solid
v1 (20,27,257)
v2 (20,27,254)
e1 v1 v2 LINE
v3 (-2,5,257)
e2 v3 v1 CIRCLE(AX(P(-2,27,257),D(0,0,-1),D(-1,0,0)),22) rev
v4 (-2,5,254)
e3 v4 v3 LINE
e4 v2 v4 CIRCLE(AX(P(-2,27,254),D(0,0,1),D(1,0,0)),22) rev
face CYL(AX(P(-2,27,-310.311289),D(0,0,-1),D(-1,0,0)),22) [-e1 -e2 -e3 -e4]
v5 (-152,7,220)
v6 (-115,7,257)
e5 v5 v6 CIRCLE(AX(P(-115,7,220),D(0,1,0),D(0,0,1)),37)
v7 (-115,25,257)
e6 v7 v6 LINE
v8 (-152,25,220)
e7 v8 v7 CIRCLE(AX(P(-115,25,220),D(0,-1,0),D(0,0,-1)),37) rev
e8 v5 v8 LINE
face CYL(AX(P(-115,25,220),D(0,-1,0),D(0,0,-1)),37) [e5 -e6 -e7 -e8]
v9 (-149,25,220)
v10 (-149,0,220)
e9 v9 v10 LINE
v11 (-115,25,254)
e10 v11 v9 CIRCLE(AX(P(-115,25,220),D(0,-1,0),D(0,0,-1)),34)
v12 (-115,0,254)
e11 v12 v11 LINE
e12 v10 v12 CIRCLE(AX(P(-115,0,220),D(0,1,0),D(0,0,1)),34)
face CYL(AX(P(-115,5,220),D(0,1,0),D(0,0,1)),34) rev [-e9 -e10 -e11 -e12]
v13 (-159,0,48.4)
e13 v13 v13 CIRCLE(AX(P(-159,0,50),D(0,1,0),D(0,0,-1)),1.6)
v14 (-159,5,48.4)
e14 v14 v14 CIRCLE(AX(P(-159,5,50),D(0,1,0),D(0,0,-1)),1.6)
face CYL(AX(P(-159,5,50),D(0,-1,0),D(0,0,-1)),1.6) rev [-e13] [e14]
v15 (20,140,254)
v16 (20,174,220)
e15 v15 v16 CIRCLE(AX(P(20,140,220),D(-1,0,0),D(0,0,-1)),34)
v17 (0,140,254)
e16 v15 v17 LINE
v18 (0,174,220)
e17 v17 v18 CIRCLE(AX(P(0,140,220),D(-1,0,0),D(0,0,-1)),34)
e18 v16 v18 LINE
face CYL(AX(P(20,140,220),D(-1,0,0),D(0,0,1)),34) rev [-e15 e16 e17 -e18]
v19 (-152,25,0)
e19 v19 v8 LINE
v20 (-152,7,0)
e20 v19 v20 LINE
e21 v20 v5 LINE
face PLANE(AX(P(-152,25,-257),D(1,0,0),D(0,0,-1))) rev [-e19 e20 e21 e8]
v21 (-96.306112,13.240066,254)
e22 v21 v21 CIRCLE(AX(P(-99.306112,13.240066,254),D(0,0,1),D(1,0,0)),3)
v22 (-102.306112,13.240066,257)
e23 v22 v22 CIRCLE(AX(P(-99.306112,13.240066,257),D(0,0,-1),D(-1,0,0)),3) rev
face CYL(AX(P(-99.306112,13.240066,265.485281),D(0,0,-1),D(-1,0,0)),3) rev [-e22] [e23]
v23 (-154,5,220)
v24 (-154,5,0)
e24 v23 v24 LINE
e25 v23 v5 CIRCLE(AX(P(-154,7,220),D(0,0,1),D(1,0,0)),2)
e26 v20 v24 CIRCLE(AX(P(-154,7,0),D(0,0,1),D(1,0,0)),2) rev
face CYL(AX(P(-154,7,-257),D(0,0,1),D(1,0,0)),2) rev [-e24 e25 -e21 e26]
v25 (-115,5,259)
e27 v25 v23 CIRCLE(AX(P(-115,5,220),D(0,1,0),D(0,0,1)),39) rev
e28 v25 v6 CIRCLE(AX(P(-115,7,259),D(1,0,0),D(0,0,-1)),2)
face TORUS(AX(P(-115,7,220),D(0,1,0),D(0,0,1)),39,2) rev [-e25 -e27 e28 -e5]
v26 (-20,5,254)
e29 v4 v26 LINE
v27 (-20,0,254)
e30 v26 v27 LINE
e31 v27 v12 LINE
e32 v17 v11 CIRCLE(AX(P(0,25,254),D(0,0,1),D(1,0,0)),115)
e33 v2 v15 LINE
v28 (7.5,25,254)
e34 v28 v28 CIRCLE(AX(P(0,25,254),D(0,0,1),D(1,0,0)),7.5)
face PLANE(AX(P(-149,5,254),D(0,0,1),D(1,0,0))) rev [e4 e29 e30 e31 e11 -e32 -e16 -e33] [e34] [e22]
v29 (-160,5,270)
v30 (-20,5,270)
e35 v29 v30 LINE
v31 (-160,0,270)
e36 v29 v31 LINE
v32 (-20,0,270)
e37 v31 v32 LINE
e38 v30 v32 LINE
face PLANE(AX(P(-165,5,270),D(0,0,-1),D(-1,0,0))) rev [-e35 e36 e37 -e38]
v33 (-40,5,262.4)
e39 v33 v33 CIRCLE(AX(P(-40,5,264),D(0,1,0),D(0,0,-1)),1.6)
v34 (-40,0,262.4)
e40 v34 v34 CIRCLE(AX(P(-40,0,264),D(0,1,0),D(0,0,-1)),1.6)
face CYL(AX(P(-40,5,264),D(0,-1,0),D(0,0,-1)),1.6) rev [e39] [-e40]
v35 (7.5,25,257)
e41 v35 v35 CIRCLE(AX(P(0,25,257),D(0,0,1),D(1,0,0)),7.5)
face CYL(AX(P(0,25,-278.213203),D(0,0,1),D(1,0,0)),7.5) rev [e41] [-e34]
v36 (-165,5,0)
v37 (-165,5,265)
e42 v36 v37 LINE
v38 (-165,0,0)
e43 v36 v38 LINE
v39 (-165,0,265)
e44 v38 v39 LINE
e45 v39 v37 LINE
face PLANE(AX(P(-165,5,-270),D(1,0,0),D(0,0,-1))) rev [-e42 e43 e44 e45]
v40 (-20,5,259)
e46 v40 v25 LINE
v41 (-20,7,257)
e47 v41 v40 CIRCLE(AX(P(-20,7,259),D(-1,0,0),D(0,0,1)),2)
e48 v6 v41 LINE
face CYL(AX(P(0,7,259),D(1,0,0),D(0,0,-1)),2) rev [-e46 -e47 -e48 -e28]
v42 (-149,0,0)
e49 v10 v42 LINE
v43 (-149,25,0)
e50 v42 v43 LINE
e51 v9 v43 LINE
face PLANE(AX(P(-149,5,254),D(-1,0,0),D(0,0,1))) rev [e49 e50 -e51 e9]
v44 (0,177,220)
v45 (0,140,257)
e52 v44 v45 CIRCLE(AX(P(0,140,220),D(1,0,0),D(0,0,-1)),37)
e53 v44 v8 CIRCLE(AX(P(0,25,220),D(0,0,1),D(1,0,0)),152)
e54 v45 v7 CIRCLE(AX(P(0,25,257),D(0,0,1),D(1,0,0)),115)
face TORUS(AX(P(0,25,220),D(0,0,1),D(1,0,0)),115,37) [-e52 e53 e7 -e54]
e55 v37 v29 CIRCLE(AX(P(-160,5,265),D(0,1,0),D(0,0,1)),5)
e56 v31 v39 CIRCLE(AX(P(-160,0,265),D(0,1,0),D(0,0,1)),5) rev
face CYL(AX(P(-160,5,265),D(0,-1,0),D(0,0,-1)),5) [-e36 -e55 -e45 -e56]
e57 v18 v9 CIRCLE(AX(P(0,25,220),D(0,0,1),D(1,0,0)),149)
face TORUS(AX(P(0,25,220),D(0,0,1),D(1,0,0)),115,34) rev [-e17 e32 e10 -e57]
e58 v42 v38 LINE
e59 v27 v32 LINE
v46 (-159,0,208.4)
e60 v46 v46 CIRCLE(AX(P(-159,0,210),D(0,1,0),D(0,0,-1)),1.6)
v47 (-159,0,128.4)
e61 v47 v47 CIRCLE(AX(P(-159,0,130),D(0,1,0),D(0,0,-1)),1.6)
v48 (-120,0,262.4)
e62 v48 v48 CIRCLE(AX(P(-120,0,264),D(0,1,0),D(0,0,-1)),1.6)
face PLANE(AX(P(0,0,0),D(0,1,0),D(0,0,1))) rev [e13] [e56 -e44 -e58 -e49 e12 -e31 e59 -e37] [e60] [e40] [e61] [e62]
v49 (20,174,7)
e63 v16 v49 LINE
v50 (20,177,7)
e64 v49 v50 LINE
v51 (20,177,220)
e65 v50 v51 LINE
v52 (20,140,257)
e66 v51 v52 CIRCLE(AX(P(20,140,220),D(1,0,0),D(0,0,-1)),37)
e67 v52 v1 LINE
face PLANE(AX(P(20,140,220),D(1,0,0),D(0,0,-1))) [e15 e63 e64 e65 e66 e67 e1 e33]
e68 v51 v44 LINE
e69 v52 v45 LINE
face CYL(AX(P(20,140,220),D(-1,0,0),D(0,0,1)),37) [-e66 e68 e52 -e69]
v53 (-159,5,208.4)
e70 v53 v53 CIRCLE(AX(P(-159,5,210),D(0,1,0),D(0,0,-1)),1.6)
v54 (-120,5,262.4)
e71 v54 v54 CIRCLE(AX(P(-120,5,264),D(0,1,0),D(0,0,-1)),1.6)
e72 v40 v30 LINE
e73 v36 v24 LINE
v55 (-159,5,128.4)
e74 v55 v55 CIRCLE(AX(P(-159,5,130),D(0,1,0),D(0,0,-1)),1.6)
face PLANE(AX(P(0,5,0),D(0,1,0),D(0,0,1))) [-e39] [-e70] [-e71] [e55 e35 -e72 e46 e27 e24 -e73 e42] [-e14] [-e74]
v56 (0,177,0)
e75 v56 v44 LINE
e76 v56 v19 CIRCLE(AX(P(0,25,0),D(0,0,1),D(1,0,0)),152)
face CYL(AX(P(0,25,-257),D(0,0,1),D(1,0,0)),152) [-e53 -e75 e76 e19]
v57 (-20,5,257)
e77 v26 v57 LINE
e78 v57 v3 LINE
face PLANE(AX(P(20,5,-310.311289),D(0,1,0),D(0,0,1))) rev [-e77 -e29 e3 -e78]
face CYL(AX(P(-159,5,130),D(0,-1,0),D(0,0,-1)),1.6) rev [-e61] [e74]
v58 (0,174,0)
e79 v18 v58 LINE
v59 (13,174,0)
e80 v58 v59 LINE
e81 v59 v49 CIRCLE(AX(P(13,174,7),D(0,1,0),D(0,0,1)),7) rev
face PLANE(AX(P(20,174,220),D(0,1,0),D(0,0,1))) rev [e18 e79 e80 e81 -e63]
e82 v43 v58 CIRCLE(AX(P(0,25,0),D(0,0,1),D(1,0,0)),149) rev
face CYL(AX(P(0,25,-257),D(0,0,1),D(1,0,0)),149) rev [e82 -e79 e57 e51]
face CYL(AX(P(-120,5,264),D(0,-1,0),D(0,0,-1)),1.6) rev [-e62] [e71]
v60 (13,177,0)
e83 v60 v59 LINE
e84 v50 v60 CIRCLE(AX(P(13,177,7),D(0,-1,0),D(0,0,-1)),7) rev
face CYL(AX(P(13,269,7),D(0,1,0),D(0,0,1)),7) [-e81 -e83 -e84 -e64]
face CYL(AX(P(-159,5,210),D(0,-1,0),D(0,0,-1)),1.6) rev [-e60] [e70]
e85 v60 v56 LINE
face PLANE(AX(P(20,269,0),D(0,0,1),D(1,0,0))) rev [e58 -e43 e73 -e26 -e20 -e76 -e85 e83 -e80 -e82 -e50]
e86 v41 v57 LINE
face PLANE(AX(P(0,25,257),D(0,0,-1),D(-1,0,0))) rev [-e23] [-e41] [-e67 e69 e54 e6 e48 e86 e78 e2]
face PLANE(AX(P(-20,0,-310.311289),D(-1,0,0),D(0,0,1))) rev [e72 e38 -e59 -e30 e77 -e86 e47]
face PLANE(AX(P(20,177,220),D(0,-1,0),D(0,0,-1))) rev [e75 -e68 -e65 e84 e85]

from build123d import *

# Parameters (mm, degrees)
SKETCH1_R           = 1.6
BOSS_EXTRUDE1_DEPTH = 5
BOSS_EXTRUDE5_DEPTH = 20
FILLET8_R           = 34
FILLET9_R           = 37
REVOLVE4_ANGLE      = 90
BOSS_EXTRUDE6_DEPTH = 20
CUT_EXTRUDE3_REACH  = 593.738
SKETCH16_W          = 40
SKETCH16_H          = 5
FILLET10_R          = 22
CUT_EXTRUDE4_REACH  = 581.899
SKETCH17_R          = 7.5
FILLET11_R          = 5
FILLET12_R          = 2
CUT_EXTRUDE5_REACH  = 581.899
SKETCH18_R          = 3
SKETCH19_W          = 201.306473633
SKETCH19_H          = 285.537776223
CUT_EXTRUDE6_DEPTH  = 269
FILLET13_R          = 7


with BuildPart() as part:
    # Sketch1 → Boss-Extrude1 (new body)
    with BuildSketch(Plane(origin=(0, 0, 0), x_dir=(1, 0, 0), z_dir=(0, 1, 0))):
        Polygon((-165, 270), (-165, -270), (0, -270), (0, -254), (-149, -254), (-149, 254), (0, 254), (0, 270), align=None)
        with Locations(Location((-159, 130, 0), (0, 0, 270))):
            Circle(SKETCH1_R, mode=Mode.SUBTRACT)
        with Locations(Location((-159, 50, 0), (0, 0, 270))):
            Circle(SKETCH1_R, mode=Mode.SUBTRACT)
        with Locations(Location((-120, 264, 0), (0, 0, 270))):
            Circle(SKETCH1_R, mode=Mode.SUBTRACT)
        with Locations(Location((-40, 264, 0), (0, 0, 270))):
            Circle(SKETCH1_R, mode=Mode.SUBTRACT)
        with Locations(Location((-159, 210, 0), (0, 0, 270))):
            Circle(SKETCH1_R, mode=Mode.SUBTRACT)
        with Locations(Location((-40, -264, 0), (0, 0, 90))):
            Circle(SKETCH1_R, mode=Mode.SUBTRACT)
        with Locations(Location((-120, -264, 0), (0, 0, 90))):
            Circle(SKETCH1_R, mode=Mode.SUBTRACT)
        with Locations(Location((-159, -210, 0), (0, 0, 90))):
            Circle(SKETCH1_R, mode=Mode.SUBTRACT)
        with Locations(Location((-159, -50, 0), (0, 0, 90))):
            Circle(SKETCH1_R, mode=Mode.SUBTRACT)
        with Locations(Location((-159, -130, 0), (0, 0, 90))):
            Circle(SKETCH1_R, mode=Mode.SUBTRACT)
    extrude(amount=BOSS_EXTRUDE1_DEPTH)

    # Sketch12 → Boss-Extrude5 (add)
    with BuildSketch(Plane(origin=(0, 5, 0), x_dir=(1, 0, 0), z_dir=(0, 1, 0))):
        Polygon((0, 254), (-149, 254), (-149, -254), (0, -254), (0, -257), (-152, -257), (-152, 257), (0, 257), align=None)
    extrude(amount=BOSS_EXTRUDE5_DEPTH)

    # Fillet8
    fillet8_edges = [part.edges().sort_by_distance(p)[0] for p in [
        (-149, 12.5, -254),
        (-149, 12.5, 254),
    ]]
    fillet(fillet8_edges, radius=FILLET8_R)

    # Fillet9
    fillet9_edges = [part.edges().sort_by_distance(p)[0] for p in [
        (-152, 15, -257),
        (-152, 15, 257),
    ]]
    fillet(fillet9_edges, radius=FILLET9_R)

    # Sketch13 → Revolve4 (revolve)
    with BuildSketch(Plane(origin=(0, 25, 0), x_dir=(1, 0, 0), z_dir=(0, 1, 0))):
        with BuildLine():
            Line((0, 254), (-115, 254))
            ThreePointArc((-115, 254), (-139.04163056, 244.04163056), (-149, 220))
            Line((-149, 220), (-149, -220))
            ThreePointArc((-149, -220), (-139.04163056, -244.04163056), (-115, -254))
            Line((-115, -254), (0, -254))
            Line((0, -254), (0, -257))
            Line((0, -257), (-115, -257))
            ThreePointArc((-115, -257), (-141.162950904, -246.162950904), (-152, -220))
            Line((-152, -220), (-152, 220))
            ThreePointArc((-152, 220), (-141.162950904, 246.162950904), (-115, 257))
            Line((-115, 257), (0, 257))
            Line((0, 257), (0, 254))
        make_face()
    revolve(axis=Axis((0, 25, -257), (0, 0, -1)), revolution_arc=REVOLVE4_ANGLE)

    # Sketch15 → Boss-Extrude6 (add)
    with BuildSketch(Plane(origin=(0, 0, 0), x_dir=(0, 0, -1), z_dir=(1, 0, 0))):
        with BuildLine():
            Line((-254, 5), (-254, 140))
            ThreePointArc((-254, 140), (-244.04163056, 164.04163056), (-220, 174))
            Line((-220, 174), (220, 174))
            ThreePointArc((220, 174), (244.04163056, 164.04163056), (254, 140))
            Line((254, 140), (254, 5))
            Line((254, 5), (254, 0))
            Line((254, 0), (270, 0))
            Line((270, 0), (270, 5))
            Line((270, 5), (257, 5))
            Line((257, 5), (257, 140))
            ThreePointArc((257, 140), (246.162950904, 166.162950904), (220, 177))
            Line((220, 177), (-220, 177))
            ThreePointArc((-220, 177), (-246.162950904, 166.162950904), (-257, 140))
            Line((-257, 140), (-257, 5))
            Line((-257, 5), (-270, 5))
            Line((-270, 5), (-270, 0))
            Line((-270, 0), (-254, 0))
            Line((-254, 0), (-254, 5))
        make_face()
    extrude(amount=BOSS_EXTRUDE6_DEPTH)

    # Cut-Extrude3: up to this face of the body (flat: up to its plane)
    cut_extrude3_end = Plane(part.part.faces().sort_by_distance((-72.5, 2.5, -270))[0])
    # Sketch16 → Cut-Extrude3 (cut, up to the picked face)
    with BuildSketch(Plane.XY.offset(270), mode=Mode.PRIVATE) as cut_extrude3_sk1:
        with Locations((0, 2.5)):
            Rectangle(SKETCH16_W, SKETCH16_H)
    cut_extrude3_tool1 = split(extrude(cut_extrude3_sk1.sketch, amount=-CUT_EXTRUDE3_REACH, mode=Mode.PRIVATE), bisect_by=cut_extrude3_end, keep=Keep.BOTH, mode=Mode.PRIVATE)
    add(cut_extrude3_tool1.solids().sort_by(Axis((0, 2.5, 270), (0, 0, -1)))[0], mode=Mode.SUBTRACT)

    # Fillet10
    fillet10_edges = [part.edges().sort_by_distance(p)[0] for p in [
        (20, 5, 255.5),
        (20, 5, -255.5),
    ]]
    fillet(fillet10_edges, radius=FILLET10_R)

    # Cut-Extrude4: up to this face of the body (flat: up to its plane)
    cut_extrude4_end = Plane(part.part.faces().sort_by_distance((-40.16059182, 65.16059182, -257))[0])
    # Sketch17 → Cut-Extrude4 (cut, up to the picked face)
    with BuildSketch(Plane.XY.offset(257), mode=Mode.PRIVATE) as cut_extrude4_sk1:
        with Locations((0, 25)):
            Circle(SKETCH17_R)
    cut_extrude4_tool1 = split(extrude(cut_extrude4_sk1.sketch, amount=-CUT_EXTRUDE4_REACH, mode=Mode.PRIVATE), bisect_by=cut_extrude4_end, keep=Keep.BOTH, mode=Mode.PRIVATE)
    add(cut_extrude4_tool1.solids().sort_by(Axis((0, 25, 257), (0, 0, -1)))[0], mode=Mode.SUBTRACT)

    # Fillet11
    fillet11_edges = [part.edges().sort_by_distance(p)[0] for p in [
        (-165, 2.5, 270),
        (-165, 2.5, -270),
    ]]
    fillet(fillet11_edges, radius=FILLET11_R)

    # Fillet12
    fillet12_edges = [part.edges().sort_by_distance(p)[0] for p in [
        (-152, 5, 0),
        (-67.5, 5, 257),
        (-141.162950904, 5, -246.162950904),
        (-141.162950904, 5, 246.162950904),
        (-67.5, 5, -257),
    ]]
    fillet(fillet12_edges, radius=FILLET12_R)

    # Cut-Extrude5: up to this face of the body (flat: up to its plane)
    cut_extrude5_end = Plane(part.part.faces().sort_by_distance((-40.288135092, 66.389949232, 257))[0])
    # Sketch18 → Cut-Extrude5 (cut, up to the picked face)
    with BuildSketch(Plane(origin=(0, 0, -257), x_dir=(-1, 0, 0), z_dir=(0, 0, -1)), mode=Mode.PRIVATE) as cut_extrude5_sk1:
        with Locations((99.306112319, 13.240065646)):
            Circle(SKETCH18_R)
    cut_extrude5_tool1 = split(extrude(cut_extrude5_sk1.sketch, amount=-CUT_EXTRUDE5_REACH, mode=Mode.PRIVATE), bisect_by=cut_extrude5_end, keep=Keep.BOTH, mode=Mode.PRIVATE)
    add(cut_extrude5_tool1.solids().sort_by(Axis((-99.306112, 13.240066, -257), (0, 0, 1)))[0], mode=Mode.SUBTRACT)

    # Sketch19 → Cut-Extrude6 (cut)
    with BuildSketch(Plane.XZ):
        with Locations((-80.653236817, -142.768888112)):
            Rectangle(SKETCH19_W, SKETCH19_H)
    extrude(amount=-CUT_EXTRUDE6_DEPTH, mode=Mode.SUBTRACT)

    # Fillet13
    fillet13_edges = [part.edges().sort_by_distance(p)[0] for p in [
        (20, 175.5, 0),
    ]]
    fillet(fillet13_edges, radius=FILLET13_R)


solid = part.part
